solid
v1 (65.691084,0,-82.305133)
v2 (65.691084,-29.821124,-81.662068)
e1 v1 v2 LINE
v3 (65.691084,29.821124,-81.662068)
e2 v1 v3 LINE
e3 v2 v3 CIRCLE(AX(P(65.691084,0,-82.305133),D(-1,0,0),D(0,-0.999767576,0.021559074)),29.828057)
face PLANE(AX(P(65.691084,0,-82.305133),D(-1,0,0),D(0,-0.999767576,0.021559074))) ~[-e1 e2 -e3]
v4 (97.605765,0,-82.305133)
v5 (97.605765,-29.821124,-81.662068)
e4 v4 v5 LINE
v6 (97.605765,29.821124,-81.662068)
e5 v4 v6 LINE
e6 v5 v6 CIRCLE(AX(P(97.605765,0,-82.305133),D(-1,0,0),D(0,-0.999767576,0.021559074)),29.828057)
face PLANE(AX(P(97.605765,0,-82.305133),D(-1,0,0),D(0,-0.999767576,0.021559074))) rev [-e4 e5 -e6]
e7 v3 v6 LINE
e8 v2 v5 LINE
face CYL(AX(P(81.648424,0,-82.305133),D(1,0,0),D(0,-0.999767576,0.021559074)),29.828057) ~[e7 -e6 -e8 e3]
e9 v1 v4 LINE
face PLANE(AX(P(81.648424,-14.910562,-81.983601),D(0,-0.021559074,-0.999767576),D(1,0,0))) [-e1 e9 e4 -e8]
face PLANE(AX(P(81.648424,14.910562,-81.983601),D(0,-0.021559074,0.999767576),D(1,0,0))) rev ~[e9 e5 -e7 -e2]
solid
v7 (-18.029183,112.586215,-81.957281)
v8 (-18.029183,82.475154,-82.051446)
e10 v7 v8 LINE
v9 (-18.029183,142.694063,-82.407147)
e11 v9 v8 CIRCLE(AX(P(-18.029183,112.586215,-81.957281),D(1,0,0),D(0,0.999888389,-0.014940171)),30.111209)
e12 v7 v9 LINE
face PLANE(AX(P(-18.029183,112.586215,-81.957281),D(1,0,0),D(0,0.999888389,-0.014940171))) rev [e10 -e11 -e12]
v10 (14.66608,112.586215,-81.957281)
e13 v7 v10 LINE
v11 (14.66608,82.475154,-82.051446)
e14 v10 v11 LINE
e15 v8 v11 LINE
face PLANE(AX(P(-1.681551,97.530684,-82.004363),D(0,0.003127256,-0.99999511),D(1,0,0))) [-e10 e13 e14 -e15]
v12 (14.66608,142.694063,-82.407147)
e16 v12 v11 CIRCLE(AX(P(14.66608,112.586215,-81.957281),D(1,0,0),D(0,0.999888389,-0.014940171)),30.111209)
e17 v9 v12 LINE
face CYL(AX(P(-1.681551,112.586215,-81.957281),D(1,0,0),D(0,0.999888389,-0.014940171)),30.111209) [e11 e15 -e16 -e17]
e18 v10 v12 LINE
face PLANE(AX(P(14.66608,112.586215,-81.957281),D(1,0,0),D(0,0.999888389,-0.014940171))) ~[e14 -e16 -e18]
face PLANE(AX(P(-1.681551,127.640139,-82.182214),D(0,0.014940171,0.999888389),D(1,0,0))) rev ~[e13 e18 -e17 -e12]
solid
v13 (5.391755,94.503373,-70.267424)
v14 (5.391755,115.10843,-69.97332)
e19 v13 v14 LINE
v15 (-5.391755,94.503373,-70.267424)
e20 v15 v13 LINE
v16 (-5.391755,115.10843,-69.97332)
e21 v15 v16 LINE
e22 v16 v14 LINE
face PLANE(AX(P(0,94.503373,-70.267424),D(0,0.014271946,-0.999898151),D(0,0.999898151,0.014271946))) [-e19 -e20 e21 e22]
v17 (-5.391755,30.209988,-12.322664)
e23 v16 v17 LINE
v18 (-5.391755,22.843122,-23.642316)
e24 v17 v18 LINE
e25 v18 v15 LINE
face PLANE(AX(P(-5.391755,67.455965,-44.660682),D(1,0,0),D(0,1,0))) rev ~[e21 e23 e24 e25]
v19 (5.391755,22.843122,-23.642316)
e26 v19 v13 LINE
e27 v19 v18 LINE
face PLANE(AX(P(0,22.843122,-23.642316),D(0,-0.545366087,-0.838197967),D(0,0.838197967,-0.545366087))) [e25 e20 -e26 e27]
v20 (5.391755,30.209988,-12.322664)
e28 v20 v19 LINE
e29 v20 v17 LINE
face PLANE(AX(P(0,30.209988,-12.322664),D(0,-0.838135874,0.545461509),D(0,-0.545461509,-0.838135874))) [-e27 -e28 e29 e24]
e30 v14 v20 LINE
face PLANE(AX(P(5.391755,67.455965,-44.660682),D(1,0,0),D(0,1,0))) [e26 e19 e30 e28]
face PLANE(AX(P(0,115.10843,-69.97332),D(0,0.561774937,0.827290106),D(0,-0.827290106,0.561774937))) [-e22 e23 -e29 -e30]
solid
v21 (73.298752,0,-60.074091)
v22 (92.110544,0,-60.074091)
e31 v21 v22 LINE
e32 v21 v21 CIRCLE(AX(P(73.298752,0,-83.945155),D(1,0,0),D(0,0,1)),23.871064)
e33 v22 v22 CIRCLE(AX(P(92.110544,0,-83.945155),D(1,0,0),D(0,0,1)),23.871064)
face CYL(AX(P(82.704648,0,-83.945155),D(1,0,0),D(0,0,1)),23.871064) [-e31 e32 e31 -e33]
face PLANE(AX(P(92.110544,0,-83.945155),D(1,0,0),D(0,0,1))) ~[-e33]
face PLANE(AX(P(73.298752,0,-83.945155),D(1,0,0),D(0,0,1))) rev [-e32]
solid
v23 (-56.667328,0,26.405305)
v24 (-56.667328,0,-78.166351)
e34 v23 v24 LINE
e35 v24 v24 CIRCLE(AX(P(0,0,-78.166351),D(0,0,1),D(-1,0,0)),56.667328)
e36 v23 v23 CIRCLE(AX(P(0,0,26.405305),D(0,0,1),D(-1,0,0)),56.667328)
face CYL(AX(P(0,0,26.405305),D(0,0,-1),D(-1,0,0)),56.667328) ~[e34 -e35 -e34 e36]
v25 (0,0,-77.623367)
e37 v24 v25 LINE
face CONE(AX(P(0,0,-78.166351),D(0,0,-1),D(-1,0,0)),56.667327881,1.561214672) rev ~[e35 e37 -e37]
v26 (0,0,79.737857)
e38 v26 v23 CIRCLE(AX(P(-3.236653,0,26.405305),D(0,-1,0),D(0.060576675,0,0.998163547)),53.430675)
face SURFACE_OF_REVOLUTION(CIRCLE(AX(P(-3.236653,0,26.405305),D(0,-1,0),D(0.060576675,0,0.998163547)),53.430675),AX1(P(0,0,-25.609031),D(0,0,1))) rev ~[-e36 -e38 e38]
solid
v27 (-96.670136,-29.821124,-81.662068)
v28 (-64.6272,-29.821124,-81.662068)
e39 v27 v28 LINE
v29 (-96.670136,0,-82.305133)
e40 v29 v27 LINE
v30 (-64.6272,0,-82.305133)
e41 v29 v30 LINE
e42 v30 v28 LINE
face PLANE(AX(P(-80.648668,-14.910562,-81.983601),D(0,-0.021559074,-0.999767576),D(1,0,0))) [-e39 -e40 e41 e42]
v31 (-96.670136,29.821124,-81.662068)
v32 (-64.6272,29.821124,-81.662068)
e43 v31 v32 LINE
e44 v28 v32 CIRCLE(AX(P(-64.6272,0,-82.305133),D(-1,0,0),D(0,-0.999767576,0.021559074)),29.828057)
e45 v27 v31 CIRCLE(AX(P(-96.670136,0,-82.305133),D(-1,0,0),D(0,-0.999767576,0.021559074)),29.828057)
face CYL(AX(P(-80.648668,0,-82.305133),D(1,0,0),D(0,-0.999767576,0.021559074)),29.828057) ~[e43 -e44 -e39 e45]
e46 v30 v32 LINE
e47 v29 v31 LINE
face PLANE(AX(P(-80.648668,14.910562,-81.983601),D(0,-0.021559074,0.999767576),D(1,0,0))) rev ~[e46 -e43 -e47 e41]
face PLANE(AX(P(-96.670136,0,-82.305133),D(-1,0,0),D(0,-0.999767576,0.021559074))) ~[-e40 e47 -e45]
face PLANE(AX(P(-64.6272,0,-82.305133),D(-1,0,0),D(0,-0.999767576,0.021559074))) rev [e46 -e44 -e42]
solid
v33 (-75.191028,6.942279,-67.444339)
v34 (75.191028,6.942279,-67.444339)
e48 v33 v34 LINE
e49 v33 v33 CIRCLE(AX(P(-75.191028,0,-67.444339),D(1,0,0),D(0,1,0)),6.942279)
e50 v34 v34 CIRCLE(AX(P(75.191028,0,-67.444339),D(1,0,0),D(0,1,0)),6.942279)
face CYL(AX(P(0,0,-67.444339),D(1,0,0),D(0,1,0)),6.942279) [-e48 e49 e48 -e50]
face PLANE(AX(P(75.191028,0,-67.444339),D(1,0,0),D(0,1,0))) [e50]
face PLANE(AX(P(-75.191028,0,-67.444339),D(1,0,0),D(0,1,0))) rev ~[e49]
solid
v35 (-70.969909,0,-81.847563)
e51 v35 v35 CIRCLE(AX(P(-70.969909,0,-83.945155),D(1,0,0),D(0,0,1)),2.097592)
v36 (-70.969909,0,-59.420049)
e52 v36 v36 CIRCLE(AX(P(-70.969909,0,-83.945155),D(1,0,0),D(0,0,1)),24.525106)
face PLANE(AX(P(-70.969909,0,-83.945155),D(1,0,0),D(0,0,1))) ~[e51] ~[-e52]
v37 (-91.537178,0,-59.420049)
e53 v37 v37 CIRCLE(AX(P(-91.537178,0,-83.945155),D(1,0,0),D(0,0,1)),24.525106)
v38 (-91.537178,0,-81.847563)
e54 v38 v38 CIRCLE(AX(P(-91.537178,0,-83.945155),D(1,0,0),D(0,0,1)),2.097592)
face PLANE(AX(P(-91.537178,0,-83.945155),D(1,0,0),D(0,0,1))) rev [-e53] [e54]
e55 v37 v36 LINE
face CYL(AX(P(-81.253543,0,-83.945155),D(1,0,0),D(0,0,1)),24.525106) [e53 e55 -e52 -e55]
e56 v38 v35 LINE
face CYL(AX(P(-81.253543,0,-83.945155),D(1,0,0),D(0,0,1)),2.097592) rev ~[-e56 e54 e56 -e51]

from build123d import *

# Parameters (mm, degrees)
F2_W          = 32.0429354906
F2_H          = 29.8280566931
F3_ANGLE_BACK = 88.7646603402
F3_ANGLE      = 177.5293206805
F2_W_2        = 31.9146811962
F4_R          = 6.9422785997
F5_DEPTH      = 75.1910284162
F7_W          = 32.6952636242
F7_H          = 30.1112085581
F8_ANGLE_BACK = 90.8560405858
F8_ANGLE      = 181.0352194428
F10_DEPTH     = 5.3917551413
F11_W         = 20.5672681332
F11_H         = 22.4275141954
F11_W_2       = 18.8117921352
F11_H_2       = 23.8710641861


with BuildPart() as f1:
    # F0 (on Front) → F1 (revolve)
    with BuildSketch(Plane.XZ):
        with BuildLine():
            ThreePointArc((0, 79.7378569841), (-39.8556403418, 65.3140028799), (-56.6673278809, 26.4053046703))
            Line((-56.6673278809, 26.4053046703), (-56.6673278809, -78.1663507223))
            Line((-56.6673278809, -78.1663507223), (0, -77.6233673096))
            Line((0, -77.6233673096), (0, 26.4053046703))
            Line((0, 26.4053046703), (0, 79.7378569841))
        make_face()
    revolve(axis=Axis((0, 0, -25.6090313196), (0, 0, 1)))


with BuildPart() as f3:
    # F2 (on Front) → F3 (revolve)
    with BuildSketch(Plane.XZ, mode=Mode.PRIVATE) as f3_sk:
        with Locations((-80.6486681104, -67.3911049962)):
            Rectangle(F2_W, F2_H)
    revolve(f3_sk.sketch.rotate(Axis((-80.6486681104, 0, -82.3051333427), (-1, 0, 0)), -F3_ANGLE_BACK), axis=Axis((-80.6486681104, 0, -82.3051333427), (-1, 0, 0)), revolution_arc=F3_ANGLE)


with BuildPart() as f3b:
    # F2 (on Front) → F3, piece 2 (revolve)
    with BuildSketch(Plane.XZ, mode=Mode.PRIVATE) as f3_sk:
        with Locations((81.6484242678, -67.3911049962)):
            Rectangle(F2_W_2, F2_H)
    revolve(f3_sk.sketch.rotate(Axis((-80.6486681104, 0, -82.3051333427), (-1, 0, 0)), -F3_ANGLE_BACK), axis=Axis((-80.6486681104, 0, -82.3051333427), (-1, 0, 0)), revolution_arc=F3_ANGLE)


with BuildPart() as f5:
    # F4 (on Right) → F5 (new body, symmetric)
    with BuildSketch(Plane.YZ):
        with Locations((0, -67.4443393946)):
            Circle(F4_R)
    extrude(amount=F5_DEPTH, both=True)


with BuildPart() as f8:
    # F7 (on offset) → F8 (revolve)
    with BuildSketch(Plane.XZ.offset(-112.5862151384), mode=Mode.PRIVATE) as f8_sk:
        with Locations((-1.6815513372, -66.9016763568)):
            Rectangle(F7_W, F7_H)
    revolve(f8_sk.sketch.rotate(Axis((-1.6815513372, 112.5862151384, -81.9572806358), (1, 0, 0)), -F8_ANGLE_BACK), axis=Axis((-1.6815513372, 112.5862151384, -81.9572806358), (1, 0, 0)), revolution_arc=F8_ANGLE)


with BuildPart() as f10:
    # F9 (on Right) → F10 (new body, symmetric)
    with BuildSketch(Plane.YZ):
        Polygon((22.8431224823, -23.6423164606), (94.5033729076, -70.2674239874), (115.1084303856, -69.9733197689), (30.2099883556, -12.3226642609), align=None)
    extrude(amount=F10_DEPTH, both=True)


with BuildPart() as f12:
    # F11 (on Front) → F12 (revolve)
    with BuildSketch(Plane.XZ):
        with Locations((-81.2535434961, -70.6338062882)):
            Rectangle(F11_W, F11_H)
    revolve(axis=Axis((82.7046483755, 0, -83.9451551437), (1, 0, 0)))


with BuildPart() as f12b:
    # F11 (on Front) → F12, piece 2 (revolve)
    with BuildSketch(Plane.XZ):
        with Locations((82.7046483755, -72.0096230507)):
            Rectangle(F11_W_2, F11_H_2)
    revolve(axis=Axis((82.7046483755, 0, -83.9451551437), (1, 0, 0)))


solid = Compound([f1.part, f3.part, f3b.part, f5.part, f8.part, f10.part, f12.part, f12b.part])
